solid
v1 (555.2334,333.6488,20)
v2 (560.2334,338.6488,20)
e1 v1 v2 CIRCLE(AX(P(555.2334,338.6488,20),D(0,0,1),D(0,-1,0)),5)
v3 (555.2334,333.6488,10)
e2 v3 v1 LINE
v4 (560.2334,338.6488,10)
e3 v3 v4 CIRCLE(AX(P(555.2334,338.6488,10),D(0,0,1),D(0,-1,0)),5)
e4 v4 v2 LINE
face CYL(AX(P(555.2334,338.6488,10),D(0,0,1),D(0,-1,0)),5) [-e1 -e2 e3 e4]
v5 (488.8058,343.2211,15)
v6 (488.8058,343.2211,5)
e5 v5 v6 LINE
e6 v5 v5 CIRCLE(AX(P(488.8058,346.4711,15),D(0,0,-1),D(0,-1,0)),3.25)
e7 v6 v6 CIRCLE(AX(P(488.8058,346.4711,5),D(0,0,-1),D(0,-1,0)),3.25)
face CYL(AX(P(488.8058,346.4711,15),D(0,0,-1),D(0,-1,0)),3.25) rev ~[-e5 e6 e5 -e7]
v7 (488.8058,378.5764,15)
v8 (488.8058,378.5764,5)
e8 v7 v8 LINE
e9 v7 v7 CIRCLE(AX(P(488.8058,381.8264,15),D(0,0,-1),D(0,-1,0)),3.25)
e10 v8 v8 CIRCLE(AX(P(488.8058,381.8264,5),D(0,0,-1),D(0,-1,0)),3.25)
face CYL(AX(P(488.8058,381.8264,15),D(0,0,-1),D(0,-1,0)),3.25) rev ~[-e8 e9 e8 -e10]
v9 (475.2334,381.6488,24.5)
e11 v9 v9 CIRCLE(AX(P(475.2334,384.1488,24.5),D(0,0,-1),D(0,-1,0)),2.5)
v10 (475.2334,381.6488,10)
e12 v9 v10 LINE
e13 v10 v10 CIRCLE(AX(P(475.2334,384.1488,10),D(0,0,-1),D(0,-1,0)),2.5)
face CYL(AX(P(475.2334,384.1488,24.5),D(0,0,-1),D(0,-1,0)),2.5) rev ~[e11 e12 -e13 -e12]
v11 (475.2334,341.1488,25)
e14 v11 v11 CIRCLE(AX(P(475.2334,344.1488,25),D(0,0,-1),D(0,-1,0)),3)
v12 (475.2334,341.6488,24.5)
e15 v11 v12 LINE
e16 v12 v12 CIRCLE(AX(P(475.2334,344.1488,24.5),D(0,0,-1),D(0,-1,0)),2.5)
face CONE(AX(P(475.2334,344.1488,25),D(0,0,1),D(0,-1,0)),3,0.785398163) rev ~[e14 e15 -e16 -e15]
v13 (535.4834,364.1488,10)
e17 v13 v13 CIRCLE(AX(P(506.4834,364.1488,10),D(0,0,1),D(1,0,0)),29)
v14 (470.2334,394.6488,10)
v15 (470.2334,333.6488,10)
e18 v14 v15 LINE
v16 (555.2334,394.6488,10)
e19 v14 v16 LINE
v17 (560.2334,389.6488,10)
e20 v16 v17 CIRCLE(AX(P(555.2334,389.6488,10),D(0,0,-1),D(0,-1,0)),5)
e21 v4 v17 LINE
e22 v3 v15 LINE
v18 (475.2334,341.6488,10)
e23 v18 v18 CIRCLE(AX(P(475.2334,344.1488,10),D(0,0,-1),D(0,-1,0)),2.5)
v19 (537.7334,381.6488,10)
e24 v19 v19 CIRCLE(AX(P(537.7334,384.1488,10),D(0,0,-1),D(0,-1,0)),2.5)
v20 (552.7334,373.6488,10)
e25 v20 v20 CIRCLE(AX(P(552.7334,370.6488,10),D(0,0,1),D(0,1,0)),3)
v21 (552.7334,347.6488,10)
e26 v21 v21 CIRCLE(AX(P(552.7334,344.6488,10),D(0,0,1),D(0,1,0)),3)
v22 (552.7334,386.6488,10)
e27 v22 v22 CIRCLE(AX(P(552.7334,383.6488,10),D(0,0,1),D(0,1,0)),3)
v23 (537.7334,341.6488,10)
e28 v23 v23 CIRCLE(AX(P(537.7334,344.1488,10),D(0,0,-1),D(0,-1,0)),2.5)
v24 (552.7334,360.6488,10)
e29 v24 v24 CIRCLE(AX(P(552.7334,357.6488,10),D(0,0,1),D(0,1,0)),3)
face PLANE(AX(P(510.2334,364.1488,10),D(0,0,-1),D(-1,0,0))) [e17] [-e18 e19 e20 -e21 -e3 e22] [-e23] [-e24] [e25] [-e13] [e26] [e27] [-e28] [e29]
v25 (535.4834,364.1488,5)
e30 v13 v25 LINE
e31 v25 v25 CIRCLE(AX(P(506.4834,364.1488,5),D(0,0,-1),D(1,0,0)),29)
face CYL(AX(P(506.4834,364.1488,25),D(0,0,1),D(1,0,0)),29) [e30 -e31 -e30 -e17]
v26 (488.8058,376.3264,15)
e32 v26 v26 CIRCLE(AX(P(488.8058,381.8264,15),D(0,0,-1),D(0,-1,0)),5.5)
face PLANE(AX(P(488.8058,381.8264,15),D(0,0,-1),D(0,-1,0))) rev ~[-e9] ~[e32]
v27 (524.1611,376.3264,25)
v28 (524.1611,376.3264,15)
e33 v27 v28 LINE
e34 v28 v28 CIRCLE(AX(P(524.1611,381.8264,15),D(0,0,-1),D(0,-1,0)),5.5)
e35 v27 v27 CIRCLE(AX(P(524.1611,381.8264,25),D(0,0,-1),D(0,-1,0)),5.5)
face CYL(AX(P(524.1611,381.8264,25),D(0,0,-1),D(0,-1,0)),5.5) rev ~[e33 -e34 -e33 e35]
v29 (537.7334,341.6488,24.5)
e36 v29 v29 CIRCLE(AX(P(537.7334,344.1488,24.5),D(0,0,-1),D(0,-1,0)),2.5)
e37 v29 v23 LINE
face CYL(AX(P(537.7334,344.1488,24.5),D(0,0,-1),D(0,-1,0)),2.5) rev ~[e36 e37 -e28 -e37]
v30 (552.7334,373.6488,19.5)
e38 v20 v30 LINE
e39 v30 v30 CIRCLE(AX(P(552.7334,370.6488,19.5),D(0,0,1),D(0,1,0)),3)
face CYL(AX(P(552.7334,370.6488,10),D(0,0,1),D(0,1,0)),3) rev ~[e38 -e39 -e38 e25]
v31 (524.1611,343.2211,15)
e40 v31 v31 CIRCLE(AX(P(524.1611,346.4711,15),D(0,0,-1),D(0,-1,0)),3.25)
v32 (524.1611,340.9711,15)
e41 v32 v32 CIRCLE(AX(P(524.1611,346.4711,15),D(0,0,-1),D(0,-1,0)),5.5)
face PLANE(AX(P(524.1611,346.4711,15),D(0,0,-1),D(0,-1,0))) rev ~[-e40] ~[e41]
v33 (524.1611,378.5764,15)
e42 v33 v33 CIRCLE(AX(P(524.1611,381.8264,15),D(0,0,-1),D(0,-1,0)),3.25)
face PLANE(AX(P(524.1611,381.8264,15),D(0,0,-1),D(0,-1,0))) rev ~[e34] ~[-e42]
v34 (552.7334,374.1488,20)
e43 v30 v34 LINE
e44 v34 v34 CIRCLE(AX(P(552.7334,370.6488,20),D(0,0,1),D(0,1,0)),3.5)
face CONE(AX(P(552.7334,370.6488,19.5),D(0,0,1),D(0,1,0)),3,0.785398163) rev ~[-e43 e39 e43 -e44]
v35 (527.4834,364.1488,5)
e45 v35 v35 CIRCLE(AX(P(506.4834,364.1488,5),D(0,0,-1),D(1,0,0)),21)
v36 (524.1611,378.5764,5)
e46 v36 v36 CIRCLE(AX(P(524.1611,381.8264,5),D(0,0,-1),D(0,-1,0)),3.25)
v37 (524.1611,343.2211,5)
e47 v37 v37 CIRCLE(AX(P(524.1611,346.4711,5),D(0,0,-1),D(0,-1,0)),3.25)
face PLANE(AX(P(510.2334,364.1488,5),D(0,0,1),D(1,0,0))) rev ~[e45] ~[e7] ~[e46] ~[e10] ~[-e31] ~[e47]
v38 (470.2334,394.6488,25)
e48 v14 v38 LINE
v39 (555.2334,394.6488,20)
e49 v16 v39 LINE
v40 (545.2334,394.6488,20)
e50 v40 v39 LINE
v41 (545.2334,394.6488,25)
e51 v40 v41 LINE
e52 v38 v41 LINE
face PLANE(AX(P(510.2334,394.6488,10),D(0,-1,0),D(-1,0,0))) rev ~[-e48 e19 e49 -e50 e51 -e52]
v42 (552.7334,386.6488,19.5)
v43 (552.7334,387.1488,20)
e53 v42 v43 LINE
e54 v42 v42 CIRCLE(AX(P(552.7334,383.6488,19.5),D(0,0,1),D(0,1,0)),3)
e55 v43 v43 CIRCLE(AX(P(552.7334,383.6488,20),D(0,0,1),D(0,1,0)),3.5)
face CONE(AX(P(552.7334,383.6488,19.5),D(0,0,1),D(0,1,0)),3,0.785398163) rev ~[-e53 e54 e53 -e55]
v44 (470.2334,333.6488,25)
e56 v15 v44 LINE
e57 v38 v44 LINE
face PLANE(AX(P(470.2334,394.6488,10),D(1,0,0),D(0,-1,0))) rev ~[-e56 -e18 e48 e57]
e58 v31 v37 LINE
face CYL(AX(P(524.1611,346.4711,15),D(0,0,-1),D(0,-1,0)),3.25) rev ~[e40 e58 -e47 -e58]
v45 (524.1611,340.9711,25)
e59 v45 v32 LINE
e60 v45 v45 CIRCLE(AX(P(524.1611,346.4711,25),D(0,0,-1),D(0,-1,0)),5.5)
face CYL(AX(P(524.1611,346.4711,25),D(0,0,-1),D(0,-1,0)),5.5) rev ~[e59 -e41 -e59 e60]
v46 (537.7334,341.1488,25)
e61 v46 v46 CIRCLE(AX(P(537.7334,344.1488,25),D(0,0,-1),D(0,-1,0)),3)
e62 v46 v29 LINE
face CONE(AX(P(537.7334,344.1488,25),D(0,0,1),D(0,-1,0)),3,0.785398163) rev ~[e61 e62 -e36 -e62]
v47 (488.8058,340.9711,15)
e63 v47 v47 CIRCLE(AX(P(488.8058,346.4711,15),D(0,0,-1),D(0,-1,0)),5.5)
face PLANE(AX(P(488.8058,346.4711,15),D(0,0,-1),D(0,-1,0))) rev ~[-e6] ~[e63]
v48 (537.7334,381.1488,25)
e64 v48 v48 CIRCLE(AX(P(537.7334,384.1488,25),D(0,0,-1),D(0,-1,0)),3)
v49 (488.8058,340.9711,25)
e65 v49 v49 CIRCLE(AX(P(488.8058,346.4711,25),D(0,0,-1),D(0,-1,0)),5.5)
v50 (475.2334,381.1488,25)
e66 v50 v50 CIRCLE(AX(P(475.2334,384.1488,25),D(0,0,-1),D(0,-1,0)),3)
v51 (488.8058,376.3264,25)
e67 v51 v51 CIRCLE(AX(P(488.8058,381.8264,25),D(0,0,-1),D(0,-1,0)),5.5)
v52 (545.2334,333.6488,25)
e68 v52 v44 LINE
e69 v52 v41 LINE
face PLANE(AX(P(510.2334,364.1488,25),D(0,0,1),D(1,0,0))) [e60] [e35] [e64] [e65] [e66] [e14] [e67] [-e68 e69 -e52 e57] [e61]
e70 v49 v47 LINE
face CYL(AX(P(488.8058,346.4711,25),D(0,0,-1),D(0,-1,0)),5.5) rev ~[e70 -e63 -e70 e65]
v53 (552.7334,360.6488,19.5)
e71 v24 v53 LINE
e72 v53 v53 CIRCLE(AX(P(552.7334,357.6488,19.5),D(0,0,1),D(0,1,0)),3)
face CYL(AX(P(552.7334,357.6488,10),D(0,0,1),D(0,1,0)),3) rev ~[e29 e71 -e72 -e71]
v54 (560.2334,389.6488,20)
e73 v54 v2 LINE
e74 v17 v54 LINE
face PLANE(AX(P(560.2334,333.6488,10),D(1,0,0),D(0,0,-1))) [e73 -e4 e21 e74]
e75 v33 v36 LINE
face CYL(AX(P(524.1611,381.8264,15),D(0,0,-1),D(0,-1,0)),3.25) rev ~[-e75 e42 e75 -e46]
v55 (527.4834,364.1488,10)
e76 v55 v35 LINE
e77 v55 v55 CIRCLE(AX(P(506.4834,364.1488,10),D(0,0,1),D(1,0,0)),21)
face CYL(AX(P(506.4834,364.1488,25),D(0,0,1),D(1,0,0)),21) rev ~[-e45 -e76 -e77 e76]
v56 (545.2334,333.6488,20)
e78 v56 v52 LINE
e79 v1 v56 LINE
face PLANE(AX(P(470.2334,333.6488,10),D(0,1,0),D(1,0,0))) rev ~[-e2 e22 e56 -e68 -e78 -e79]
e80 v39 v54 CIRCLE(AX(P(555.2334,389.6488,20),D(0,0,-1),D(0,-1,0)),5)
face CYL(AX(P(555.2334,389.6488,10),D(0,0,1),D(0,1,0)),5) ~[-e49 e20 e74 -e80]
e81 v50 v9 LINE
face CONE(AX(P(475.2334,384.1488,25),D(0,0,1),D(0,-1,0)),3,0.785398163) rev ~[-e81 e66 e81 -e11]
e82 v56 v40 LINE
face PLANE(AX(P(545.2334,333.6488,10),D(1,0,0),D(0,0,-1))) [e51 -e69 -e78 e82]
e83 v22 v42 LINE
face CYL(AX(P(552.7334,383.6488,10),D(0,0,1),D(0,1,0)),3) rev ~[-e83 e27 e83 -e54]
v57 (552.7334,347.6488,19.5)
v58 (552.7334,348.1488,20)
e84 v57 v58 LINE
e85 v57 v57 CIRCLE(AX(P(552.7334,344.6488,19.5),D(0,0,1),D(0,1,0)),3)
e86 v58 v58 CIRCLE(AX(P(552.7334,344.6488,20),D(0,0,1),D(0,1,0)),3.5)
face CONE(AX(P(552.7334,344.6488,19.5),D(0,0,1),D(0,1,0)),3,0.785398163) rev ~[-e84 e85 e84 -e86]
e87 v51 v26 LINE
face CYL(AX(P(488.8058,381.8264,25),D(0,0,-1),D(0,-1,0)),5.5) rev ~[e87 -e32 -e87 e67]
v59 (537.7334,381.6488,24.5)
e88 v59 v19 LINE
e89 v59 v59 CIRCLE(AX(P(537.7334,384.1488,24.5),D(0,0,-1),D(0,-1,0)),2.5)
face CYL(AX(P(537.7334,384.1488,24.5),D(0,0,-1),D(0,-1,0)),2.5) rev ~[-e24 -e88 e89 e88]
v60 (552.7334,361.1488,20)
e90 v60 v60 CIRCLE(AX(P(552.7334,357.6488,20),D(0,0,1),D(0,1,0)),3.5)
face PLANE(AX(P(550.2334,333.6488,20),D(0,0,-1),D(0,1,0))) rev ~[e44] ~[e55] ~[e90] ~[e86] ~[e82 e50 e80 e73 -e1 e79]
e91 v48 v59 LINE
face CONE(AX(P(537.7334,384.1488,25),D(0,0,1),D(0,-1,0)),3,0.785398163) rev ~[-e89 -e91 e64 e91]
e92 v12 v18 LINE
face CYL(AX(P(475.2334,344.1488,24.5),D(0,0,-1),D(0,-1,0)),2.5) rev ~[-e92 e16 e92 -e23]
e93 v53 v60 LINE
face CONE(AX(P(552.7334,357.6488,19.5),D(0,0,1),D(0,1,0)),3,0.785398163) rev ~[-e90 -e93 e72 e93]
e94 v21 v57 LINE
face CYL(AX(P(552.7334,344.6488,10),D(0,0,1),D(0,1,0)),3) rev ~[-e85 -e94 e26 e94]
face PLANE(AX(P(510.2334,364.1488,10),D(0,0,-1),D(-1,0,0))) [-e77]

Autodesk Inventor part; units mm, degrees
ref_plane "YZ Plane" through (0, 0, 0) normal (1, 0, 0) x (0, 1, 0)
ref_plane "XZ Plane" through (0, 0, 0) normal (0, 1, 0) x (-1, 0, 0)
ref_plane "XY Plane" through (0, 0, 0) normal (0, 0, 1) x (1, 0, 0)
sketch "Sketch1" plane through (0, 0, 0) normal (0, 0, 1) x (1, 0, 0)
  circle A0 centre (510.2334, 364.1488) radius 30.5 projected
  circle A1 centre (510.2334, 364.1488) radius 16.75 projected
  circle A2 centre (531.1627, 350.4752) radius 3.2 projected
  circle A3 centre (534.7013, 369.2793) radius 3.2 projected
  circle A4 centre (505.1029, 388.6167) radius 3.2 projected
  circle A5 centre (485.7655, 359.0183) radius 3.2 projected
  circle A6 centre (515.3639, 339.6809) radius 3.2 projected
  point P0 (0, 0)
extrude "Extrusion1" add sketch "Sketch1" along normal blind 10 contours A0 | A2
sketch "Sketch2" plane through (510.2334, 364.1488, 10) normal (0, 0, 1) x (1, 0, 0)
  line L0 (-40, -30.5) -> (40, -30.5)
  line L1 (40, -30.5) -> (40, 30.5)
  line L2 (40, 30.5) -> (-40, 30.5)
  line L3 (-40, 30.5) -> (-40, -30.5)
  line L4 (-40, -30.5) -> (40, 30.5) construction
  line L5 (40, -30.5) -> (-40, 30.5) construction
  circle A0 centre (0, 0) radius 30.5 projected
  circle A1 centre (0, 0) radius 30.5 projected
  circle A2 centre (0, 0) radius 16.75 projected
  circle A3 centre (24.4679, 5.1305) radius 3.2 projected
  circle A4 centre (-5.1305, 24.4679) radius 3.2 projected
  circle A5 centre (-24.4679, -5.1305) radius 3.2 projected
  circle A6 centre (5.1305, -24.4679) radius 3.2 projected
  point P0 (-510.2334, -364.1488)
  point P1 (0, 0)
  dimension "d2" = 80
  dimension "d3" = 0
extrude "Extrusion2" add sketch "Sketch2" along normal blind 15
sketch "Sketch3" plane through (550.2334, 333.6488, 10) normal (1, 0, 0) x (0, 0, -1)
  line L0 (0, 0) -> (0, 61) projected
  line L1 (0, 61) -> (-15, 61) projected
  line L2 (-15, 0) -> (-15, 61) projected
  line L3 (0, 0) -> (-15, 0) projected
  line L4 (-15, 61) -> (-7.5, 61)
  line L5 (-7.5, 61) -> (-7.5, 0)
  line L6 (-7.5, 0) -> (-15, 0)
  line L7 (-15, 0) -> (-15, 61)
  line L8 (-15, 61) -> (-10, 61)
  line L9 (-10, 61) -> (-10, 0)
  line L10 (-10, 0) -> (-15, 0)
  line L11 (-15, 0) -> (-15, 61)
  point P0 (10, -333.6488)
  dimension "d34" = 5
  dimension "d35" = 15
extrude "Extrusion3" add sketch "Sketch3" along normal blind 10 contours L3 L5 L1 L0 | L3 L9 L1 L5
fillet "Fillet1" radius 5 2 edges at (560.2334, 394.6488, 15) (560.2334, 333.6488, 15)
sketch "Sketch5" plane through (510.2334, 364.1488, 25) normal (0, 0, 1) x (1, 0, 0)
  point P0 (-510.2334, -364.1488)
sketch "Sketch6" plane through (550.2334, 333.6488, 10) normal (1, 0, 0) x (0, 0, -1)
  line L0 (-10, 0) -> (-15, 0) projected
  line L1 (-10, 61) -> (-15, 61) projected
  line L2 (-15, 0) -> (-15, 61) projected
  line L3 (-10, 0) -> (-10, 61) projected
  point P0 (10, -333.6488)
extrude "Extrusion5" cut sketch "Sketch6" against normal blind 5
sketch "Sketch9" plane through (510.2334, 364.1488, 10) normal (0, 0, -1) x (-1, 0, 0)
  line L0 (-50, 30.5) -> (-35, 30.5)
  line L1 (-35, 30.5) -> (-35, -30.5)
  line L2 (-35, -30.5) -> (-50, -30.5)
  line L3 (-50, -30.5) -> (-50, 30.5)
  line L4 (-50, -25.5) -> (-50, 25.5) projected
  line L5 (0, 30.5) -> (-45, 30.5) projected
  line L6 (0, -30.5) -> (-45, -30.5) projected
  line L7 (-50, 30.5) -> (-42.5, 30.5)
  line L8 (-42.5, 30.5) -> (-42.5, -30.5)
  line L9 (-42.5, -30.5) -> (-50, -30.5)
  line L10 (-50, -30.5) -> (-50, 30.5)
  point P0 (510.2334, -364.1488)
  point P1 (-50, 0)
  point P2 (-42.5, -19.5)
  point P3 (-42.5, -6.5)
  point P4 (-42.5, 6.5)
  point P5 (-42.5, 19.5)
  dimension "d49" = 15
  dimension "d50" = 13
  dimension "d51" = 13
  dimension "d52" = 13
  dimension "d53" = 61
  dimension "d54" = 11
hole "Hole4" at (552.7334, 383.6488, 10) at (552.7334, 370.6488, 10) at (552.7334, 357.6488, 10) at (552.7334, 344.6488, 10) direction (0, 0, 1) diameter 6 end through all
sketch "Sketch10" plane through (510.2334, 364.1488, 25) normal (0, 0, 1) x (1, 0, 0)
  point P0 (-510.2334, -364.1488)
sketch "Sketch11" plane through (510.2334, 364.1488, 25) normal (0, 0, 1) x (1, 0, 0)
  circle A0 centre (0, 0) radius 16.75 projected
  circle A1 centre (24.4679, 5.1305) radius 3.2 projected
  circle A2 centre (-5.1305, 24.4679) radius 3.2 projected
  circle A3 centre (-24.4679, -5.1305) radius 3.2 projected
  circle A4 centre (5.1305, -24.4679) radius 3.2 projected
  line L0 (35, -30.5) -> (35, 30.5) projected
  line L1 (35, 30.5) -> (-40, 30.5) projected
  line L2 (-40, 30.5) -> (-40, -30.5) projected
  line L3 (-40, -30.5) -> (35, -30.5) projected
  point P0 (-510.2334, -364.1488)
  point P1 (-35, 20)
  point P2 (-35, -20)
  point P3 (27.5, -20)
  point P4 (27.5, 20)
  dimension "d62" = 5
  dimension "d63" = 40
  dimension "d64" = 61
  dimension "d65" = 0
  dimension "d66" = 10.5
  dimension "d67" = 7.5
  dimension "d68" = 7.5
  dimension "d69" = 10.5
  dimension "d70" = 40
hole "Hole5" at (475.2334, 384.1488, 25) at (475.2334, 344.1488, 25) at (537.7334, 344.1488, 25) at (537.7334, 384.1488, 25) direction (0, 0, -1) diameter 5 end through all countersink diameter 6 countersink angle 90
sketch "Sketch12" plane through (510.2334, 364.1488, 25) normal (0, 0, 1) x (1, 0, 0)
  line L0 (17.6775, 17.6775) -> (-17.6775, 17.6775)
  line L1 (-17.6775, 17.6775) -> (-17.6775, -17.6775)
  line L2 (-17.6775, -17.6775) -> (17.6775, -17.6775)
  line L3 (17.6775, -17.6775) -> (17.6775, 17.6775)
  line L4 (17.6775, 17.6775) -> (-17.6775, -17.6775) construction
  line L5 (-17.6775, 17.6775) -> (17.6775, -17.6775) construction
  circle A0 centre (0, 0) radius 25
  circle A1 centre (0, 0) radius 16.75 projected
  point P0 (-510.2334, -364.1488)
  dimension "d78" = 35.355
  dimension "d79" = 35.355
  dimension "d80" = 50
sketch "Sketch13" plane through (510.2334, 364.1488, 25) normal (0, 0, 1) x (1, 0, 0)
  circle A0 centre (27.5, 20) radius 3 projected
  circle A1 centre (27.5, -20) radius 3 projected
  circle A2 centre (-35, -20) radius 3 projected
  circle A3 centre (-35, 20) radius 3 projected
  circle A4 centre (0, 0) radius 16.75 projected
  circle A5 centre (24.4679, 5.1305) radius 3.2 projected
  circle A6 centre (-5.1305, 24.4679) radius 3.2 projected
  circle A7 centre (-24.4679, -5.1305) radius 3.2 projected
  circle A8 centre (5.1305, -24.4679) radius 3.2 projected
  line L0 (35, -30.5) -> (35, 30.5) projected
  line L1 (35, 30.5) -> (-40, 30.5) projected
  line L2 (-40, 30.5) -> (-40, -30.5) projected
  line L3 (-40, -30.5) -> (35, -30.5) projected
  point P0 (-510.2334, -364.1488)
extrude "Extrusion6" add sketch "Sketch13" against normal up to surface (25 mm away) contours A5 | A6 | A7 | A8
sketch "Sketch14" plane through (510.2334, 364.1488, 0) normal (0, 0, -1) x (-1, 0, 0)
  circle A0 centre (0, 0) radius 30.5 projected
  circle A1 centre (0, 0) radius 16.75 projected
  point P0 (510.2334, -364.1488)
extrude "Extrusion7" cut sketch "Sketch14" against normal up to surface (10 mm away)
sketch "Sketch15" plane through (510.2334, 364.1488, 10) normal (0, 0, -1) x (-1, 0, 0)
  circle A0 centre (0, 0) radius 16.75 projected
  point P0 (510.2334, -364.1488)
extrude "Extrusion8" add sketch "Sketch15" against normal up to surface (15 mm away)
sketch "Sketch16" plane through (510.2334, 364.1488, 25) normal (0, 0, 1) x (1, 0, 0)
  circle A0 centre (-3.75, 0) radius 25
  circle A1 centre (27.5, 20) radius 3 projected
  circle A2 centre (27.5, -20) radius 3 projected
  circle A3 centre (-35, -20) radius 3 projected
  circle A4 centre (-35, 20) radius 3 projected
  line L0 (35, -30.5) -> (35, 30.5) projected
  line L1 (35, 30.5) -> (-40, 30.5) projected
  line L2 (-40, 30.5) -> (-40, -30.5) projected
  line L3 (-40, -30.5) -> (35, -30.5) projected
  line L4 (-21.4277, -17.6777) -> (13.9277, -17.6777)
  line L5 (13.9277, -17.6777) -> (13.9277, 17.6777)
  line L6 (13.9277, 17.6777) -> (-21.4277, 17.6777)
  line L7 (-21.4277, 17.6777) -> (-21.4277, -17.6777)
  line L8 (-21.4277, -17.6777) -> (13.9277, 17.6777) construction
  line L9 (13.9277, -17.6777) -> (-21.4277, 17.6777) construction
  circle A5 centre (-3.75, 0) radius 29
  circle A6 centre (-3.75, 0) radius 21
  line L10 (27.5, 20) -> (-35, 20)
  line L11 (-35, 20) -> (-35, -20)
  line L12 (-35, -20) -> (27.5, -20)
  line L13 (27.5, -20) -> (27.5, 20)
  point P0 (-510.2334, -364.1488)
  dimension "d100" = 50
  dimension "d101" = 75
  dimension "d102" = 61
  dimension "d104" = 30.5
  dimension "d105" = 42
  dimension "d106" = 58
  dimension "d109" = 62.5
  dimension "d110" = 40
  dimension "d111" = 31.25
extrude "Extrusion9" add sketch "Sketch16" against normal blind 20 contours A0 L5 A6 | A0 L10 A5 L12 | L6 A6 L10 A0 | L5 A6 L6 | A0 L12 A6 L4 | L4 A6 L5 | L10 A6 A0 | A0 L10 A5 | L12 A5 A0 | A0 L12 A6 | L10 A6 L6 A0 | A0 L12 A5 L10 | A6 L7 L6 | A0 L4 A6 L12 | L4 L7 A6 | L7 A6 A0
hole "Hole7" at (488.8058, 381.8264, 25) at (488.8058, 346.4711, 25) at (524.1611, 346.4711, 25) at (524.1611, 381.8264, 25) direction (0, 0, -1) diameter 6.5 end through all counterbore diameter 11 counterbore depth 10
chamfer "Chamfer1" distance 0.5 angle 45 4 edges at (552.7334, 341.6488, 20) (552.7334, 354.6488, 20) (552.7334, 367.6488, 20) (552.7334, 380.6488, 20)
equation "\"d54\" = -1.5 * d52 + 0.5 * d53"
equation "\"d68\" = d67"
equation "\"d69\" = d66"
equation "\"d70\" = d63"
equation "\"d79\" = d78"
equation "\"d104\" = 0.5 * d102"
equation "\"d111\" = 0.5 * d109"
properties part number "UR5 gripper mount_3DPrint"
